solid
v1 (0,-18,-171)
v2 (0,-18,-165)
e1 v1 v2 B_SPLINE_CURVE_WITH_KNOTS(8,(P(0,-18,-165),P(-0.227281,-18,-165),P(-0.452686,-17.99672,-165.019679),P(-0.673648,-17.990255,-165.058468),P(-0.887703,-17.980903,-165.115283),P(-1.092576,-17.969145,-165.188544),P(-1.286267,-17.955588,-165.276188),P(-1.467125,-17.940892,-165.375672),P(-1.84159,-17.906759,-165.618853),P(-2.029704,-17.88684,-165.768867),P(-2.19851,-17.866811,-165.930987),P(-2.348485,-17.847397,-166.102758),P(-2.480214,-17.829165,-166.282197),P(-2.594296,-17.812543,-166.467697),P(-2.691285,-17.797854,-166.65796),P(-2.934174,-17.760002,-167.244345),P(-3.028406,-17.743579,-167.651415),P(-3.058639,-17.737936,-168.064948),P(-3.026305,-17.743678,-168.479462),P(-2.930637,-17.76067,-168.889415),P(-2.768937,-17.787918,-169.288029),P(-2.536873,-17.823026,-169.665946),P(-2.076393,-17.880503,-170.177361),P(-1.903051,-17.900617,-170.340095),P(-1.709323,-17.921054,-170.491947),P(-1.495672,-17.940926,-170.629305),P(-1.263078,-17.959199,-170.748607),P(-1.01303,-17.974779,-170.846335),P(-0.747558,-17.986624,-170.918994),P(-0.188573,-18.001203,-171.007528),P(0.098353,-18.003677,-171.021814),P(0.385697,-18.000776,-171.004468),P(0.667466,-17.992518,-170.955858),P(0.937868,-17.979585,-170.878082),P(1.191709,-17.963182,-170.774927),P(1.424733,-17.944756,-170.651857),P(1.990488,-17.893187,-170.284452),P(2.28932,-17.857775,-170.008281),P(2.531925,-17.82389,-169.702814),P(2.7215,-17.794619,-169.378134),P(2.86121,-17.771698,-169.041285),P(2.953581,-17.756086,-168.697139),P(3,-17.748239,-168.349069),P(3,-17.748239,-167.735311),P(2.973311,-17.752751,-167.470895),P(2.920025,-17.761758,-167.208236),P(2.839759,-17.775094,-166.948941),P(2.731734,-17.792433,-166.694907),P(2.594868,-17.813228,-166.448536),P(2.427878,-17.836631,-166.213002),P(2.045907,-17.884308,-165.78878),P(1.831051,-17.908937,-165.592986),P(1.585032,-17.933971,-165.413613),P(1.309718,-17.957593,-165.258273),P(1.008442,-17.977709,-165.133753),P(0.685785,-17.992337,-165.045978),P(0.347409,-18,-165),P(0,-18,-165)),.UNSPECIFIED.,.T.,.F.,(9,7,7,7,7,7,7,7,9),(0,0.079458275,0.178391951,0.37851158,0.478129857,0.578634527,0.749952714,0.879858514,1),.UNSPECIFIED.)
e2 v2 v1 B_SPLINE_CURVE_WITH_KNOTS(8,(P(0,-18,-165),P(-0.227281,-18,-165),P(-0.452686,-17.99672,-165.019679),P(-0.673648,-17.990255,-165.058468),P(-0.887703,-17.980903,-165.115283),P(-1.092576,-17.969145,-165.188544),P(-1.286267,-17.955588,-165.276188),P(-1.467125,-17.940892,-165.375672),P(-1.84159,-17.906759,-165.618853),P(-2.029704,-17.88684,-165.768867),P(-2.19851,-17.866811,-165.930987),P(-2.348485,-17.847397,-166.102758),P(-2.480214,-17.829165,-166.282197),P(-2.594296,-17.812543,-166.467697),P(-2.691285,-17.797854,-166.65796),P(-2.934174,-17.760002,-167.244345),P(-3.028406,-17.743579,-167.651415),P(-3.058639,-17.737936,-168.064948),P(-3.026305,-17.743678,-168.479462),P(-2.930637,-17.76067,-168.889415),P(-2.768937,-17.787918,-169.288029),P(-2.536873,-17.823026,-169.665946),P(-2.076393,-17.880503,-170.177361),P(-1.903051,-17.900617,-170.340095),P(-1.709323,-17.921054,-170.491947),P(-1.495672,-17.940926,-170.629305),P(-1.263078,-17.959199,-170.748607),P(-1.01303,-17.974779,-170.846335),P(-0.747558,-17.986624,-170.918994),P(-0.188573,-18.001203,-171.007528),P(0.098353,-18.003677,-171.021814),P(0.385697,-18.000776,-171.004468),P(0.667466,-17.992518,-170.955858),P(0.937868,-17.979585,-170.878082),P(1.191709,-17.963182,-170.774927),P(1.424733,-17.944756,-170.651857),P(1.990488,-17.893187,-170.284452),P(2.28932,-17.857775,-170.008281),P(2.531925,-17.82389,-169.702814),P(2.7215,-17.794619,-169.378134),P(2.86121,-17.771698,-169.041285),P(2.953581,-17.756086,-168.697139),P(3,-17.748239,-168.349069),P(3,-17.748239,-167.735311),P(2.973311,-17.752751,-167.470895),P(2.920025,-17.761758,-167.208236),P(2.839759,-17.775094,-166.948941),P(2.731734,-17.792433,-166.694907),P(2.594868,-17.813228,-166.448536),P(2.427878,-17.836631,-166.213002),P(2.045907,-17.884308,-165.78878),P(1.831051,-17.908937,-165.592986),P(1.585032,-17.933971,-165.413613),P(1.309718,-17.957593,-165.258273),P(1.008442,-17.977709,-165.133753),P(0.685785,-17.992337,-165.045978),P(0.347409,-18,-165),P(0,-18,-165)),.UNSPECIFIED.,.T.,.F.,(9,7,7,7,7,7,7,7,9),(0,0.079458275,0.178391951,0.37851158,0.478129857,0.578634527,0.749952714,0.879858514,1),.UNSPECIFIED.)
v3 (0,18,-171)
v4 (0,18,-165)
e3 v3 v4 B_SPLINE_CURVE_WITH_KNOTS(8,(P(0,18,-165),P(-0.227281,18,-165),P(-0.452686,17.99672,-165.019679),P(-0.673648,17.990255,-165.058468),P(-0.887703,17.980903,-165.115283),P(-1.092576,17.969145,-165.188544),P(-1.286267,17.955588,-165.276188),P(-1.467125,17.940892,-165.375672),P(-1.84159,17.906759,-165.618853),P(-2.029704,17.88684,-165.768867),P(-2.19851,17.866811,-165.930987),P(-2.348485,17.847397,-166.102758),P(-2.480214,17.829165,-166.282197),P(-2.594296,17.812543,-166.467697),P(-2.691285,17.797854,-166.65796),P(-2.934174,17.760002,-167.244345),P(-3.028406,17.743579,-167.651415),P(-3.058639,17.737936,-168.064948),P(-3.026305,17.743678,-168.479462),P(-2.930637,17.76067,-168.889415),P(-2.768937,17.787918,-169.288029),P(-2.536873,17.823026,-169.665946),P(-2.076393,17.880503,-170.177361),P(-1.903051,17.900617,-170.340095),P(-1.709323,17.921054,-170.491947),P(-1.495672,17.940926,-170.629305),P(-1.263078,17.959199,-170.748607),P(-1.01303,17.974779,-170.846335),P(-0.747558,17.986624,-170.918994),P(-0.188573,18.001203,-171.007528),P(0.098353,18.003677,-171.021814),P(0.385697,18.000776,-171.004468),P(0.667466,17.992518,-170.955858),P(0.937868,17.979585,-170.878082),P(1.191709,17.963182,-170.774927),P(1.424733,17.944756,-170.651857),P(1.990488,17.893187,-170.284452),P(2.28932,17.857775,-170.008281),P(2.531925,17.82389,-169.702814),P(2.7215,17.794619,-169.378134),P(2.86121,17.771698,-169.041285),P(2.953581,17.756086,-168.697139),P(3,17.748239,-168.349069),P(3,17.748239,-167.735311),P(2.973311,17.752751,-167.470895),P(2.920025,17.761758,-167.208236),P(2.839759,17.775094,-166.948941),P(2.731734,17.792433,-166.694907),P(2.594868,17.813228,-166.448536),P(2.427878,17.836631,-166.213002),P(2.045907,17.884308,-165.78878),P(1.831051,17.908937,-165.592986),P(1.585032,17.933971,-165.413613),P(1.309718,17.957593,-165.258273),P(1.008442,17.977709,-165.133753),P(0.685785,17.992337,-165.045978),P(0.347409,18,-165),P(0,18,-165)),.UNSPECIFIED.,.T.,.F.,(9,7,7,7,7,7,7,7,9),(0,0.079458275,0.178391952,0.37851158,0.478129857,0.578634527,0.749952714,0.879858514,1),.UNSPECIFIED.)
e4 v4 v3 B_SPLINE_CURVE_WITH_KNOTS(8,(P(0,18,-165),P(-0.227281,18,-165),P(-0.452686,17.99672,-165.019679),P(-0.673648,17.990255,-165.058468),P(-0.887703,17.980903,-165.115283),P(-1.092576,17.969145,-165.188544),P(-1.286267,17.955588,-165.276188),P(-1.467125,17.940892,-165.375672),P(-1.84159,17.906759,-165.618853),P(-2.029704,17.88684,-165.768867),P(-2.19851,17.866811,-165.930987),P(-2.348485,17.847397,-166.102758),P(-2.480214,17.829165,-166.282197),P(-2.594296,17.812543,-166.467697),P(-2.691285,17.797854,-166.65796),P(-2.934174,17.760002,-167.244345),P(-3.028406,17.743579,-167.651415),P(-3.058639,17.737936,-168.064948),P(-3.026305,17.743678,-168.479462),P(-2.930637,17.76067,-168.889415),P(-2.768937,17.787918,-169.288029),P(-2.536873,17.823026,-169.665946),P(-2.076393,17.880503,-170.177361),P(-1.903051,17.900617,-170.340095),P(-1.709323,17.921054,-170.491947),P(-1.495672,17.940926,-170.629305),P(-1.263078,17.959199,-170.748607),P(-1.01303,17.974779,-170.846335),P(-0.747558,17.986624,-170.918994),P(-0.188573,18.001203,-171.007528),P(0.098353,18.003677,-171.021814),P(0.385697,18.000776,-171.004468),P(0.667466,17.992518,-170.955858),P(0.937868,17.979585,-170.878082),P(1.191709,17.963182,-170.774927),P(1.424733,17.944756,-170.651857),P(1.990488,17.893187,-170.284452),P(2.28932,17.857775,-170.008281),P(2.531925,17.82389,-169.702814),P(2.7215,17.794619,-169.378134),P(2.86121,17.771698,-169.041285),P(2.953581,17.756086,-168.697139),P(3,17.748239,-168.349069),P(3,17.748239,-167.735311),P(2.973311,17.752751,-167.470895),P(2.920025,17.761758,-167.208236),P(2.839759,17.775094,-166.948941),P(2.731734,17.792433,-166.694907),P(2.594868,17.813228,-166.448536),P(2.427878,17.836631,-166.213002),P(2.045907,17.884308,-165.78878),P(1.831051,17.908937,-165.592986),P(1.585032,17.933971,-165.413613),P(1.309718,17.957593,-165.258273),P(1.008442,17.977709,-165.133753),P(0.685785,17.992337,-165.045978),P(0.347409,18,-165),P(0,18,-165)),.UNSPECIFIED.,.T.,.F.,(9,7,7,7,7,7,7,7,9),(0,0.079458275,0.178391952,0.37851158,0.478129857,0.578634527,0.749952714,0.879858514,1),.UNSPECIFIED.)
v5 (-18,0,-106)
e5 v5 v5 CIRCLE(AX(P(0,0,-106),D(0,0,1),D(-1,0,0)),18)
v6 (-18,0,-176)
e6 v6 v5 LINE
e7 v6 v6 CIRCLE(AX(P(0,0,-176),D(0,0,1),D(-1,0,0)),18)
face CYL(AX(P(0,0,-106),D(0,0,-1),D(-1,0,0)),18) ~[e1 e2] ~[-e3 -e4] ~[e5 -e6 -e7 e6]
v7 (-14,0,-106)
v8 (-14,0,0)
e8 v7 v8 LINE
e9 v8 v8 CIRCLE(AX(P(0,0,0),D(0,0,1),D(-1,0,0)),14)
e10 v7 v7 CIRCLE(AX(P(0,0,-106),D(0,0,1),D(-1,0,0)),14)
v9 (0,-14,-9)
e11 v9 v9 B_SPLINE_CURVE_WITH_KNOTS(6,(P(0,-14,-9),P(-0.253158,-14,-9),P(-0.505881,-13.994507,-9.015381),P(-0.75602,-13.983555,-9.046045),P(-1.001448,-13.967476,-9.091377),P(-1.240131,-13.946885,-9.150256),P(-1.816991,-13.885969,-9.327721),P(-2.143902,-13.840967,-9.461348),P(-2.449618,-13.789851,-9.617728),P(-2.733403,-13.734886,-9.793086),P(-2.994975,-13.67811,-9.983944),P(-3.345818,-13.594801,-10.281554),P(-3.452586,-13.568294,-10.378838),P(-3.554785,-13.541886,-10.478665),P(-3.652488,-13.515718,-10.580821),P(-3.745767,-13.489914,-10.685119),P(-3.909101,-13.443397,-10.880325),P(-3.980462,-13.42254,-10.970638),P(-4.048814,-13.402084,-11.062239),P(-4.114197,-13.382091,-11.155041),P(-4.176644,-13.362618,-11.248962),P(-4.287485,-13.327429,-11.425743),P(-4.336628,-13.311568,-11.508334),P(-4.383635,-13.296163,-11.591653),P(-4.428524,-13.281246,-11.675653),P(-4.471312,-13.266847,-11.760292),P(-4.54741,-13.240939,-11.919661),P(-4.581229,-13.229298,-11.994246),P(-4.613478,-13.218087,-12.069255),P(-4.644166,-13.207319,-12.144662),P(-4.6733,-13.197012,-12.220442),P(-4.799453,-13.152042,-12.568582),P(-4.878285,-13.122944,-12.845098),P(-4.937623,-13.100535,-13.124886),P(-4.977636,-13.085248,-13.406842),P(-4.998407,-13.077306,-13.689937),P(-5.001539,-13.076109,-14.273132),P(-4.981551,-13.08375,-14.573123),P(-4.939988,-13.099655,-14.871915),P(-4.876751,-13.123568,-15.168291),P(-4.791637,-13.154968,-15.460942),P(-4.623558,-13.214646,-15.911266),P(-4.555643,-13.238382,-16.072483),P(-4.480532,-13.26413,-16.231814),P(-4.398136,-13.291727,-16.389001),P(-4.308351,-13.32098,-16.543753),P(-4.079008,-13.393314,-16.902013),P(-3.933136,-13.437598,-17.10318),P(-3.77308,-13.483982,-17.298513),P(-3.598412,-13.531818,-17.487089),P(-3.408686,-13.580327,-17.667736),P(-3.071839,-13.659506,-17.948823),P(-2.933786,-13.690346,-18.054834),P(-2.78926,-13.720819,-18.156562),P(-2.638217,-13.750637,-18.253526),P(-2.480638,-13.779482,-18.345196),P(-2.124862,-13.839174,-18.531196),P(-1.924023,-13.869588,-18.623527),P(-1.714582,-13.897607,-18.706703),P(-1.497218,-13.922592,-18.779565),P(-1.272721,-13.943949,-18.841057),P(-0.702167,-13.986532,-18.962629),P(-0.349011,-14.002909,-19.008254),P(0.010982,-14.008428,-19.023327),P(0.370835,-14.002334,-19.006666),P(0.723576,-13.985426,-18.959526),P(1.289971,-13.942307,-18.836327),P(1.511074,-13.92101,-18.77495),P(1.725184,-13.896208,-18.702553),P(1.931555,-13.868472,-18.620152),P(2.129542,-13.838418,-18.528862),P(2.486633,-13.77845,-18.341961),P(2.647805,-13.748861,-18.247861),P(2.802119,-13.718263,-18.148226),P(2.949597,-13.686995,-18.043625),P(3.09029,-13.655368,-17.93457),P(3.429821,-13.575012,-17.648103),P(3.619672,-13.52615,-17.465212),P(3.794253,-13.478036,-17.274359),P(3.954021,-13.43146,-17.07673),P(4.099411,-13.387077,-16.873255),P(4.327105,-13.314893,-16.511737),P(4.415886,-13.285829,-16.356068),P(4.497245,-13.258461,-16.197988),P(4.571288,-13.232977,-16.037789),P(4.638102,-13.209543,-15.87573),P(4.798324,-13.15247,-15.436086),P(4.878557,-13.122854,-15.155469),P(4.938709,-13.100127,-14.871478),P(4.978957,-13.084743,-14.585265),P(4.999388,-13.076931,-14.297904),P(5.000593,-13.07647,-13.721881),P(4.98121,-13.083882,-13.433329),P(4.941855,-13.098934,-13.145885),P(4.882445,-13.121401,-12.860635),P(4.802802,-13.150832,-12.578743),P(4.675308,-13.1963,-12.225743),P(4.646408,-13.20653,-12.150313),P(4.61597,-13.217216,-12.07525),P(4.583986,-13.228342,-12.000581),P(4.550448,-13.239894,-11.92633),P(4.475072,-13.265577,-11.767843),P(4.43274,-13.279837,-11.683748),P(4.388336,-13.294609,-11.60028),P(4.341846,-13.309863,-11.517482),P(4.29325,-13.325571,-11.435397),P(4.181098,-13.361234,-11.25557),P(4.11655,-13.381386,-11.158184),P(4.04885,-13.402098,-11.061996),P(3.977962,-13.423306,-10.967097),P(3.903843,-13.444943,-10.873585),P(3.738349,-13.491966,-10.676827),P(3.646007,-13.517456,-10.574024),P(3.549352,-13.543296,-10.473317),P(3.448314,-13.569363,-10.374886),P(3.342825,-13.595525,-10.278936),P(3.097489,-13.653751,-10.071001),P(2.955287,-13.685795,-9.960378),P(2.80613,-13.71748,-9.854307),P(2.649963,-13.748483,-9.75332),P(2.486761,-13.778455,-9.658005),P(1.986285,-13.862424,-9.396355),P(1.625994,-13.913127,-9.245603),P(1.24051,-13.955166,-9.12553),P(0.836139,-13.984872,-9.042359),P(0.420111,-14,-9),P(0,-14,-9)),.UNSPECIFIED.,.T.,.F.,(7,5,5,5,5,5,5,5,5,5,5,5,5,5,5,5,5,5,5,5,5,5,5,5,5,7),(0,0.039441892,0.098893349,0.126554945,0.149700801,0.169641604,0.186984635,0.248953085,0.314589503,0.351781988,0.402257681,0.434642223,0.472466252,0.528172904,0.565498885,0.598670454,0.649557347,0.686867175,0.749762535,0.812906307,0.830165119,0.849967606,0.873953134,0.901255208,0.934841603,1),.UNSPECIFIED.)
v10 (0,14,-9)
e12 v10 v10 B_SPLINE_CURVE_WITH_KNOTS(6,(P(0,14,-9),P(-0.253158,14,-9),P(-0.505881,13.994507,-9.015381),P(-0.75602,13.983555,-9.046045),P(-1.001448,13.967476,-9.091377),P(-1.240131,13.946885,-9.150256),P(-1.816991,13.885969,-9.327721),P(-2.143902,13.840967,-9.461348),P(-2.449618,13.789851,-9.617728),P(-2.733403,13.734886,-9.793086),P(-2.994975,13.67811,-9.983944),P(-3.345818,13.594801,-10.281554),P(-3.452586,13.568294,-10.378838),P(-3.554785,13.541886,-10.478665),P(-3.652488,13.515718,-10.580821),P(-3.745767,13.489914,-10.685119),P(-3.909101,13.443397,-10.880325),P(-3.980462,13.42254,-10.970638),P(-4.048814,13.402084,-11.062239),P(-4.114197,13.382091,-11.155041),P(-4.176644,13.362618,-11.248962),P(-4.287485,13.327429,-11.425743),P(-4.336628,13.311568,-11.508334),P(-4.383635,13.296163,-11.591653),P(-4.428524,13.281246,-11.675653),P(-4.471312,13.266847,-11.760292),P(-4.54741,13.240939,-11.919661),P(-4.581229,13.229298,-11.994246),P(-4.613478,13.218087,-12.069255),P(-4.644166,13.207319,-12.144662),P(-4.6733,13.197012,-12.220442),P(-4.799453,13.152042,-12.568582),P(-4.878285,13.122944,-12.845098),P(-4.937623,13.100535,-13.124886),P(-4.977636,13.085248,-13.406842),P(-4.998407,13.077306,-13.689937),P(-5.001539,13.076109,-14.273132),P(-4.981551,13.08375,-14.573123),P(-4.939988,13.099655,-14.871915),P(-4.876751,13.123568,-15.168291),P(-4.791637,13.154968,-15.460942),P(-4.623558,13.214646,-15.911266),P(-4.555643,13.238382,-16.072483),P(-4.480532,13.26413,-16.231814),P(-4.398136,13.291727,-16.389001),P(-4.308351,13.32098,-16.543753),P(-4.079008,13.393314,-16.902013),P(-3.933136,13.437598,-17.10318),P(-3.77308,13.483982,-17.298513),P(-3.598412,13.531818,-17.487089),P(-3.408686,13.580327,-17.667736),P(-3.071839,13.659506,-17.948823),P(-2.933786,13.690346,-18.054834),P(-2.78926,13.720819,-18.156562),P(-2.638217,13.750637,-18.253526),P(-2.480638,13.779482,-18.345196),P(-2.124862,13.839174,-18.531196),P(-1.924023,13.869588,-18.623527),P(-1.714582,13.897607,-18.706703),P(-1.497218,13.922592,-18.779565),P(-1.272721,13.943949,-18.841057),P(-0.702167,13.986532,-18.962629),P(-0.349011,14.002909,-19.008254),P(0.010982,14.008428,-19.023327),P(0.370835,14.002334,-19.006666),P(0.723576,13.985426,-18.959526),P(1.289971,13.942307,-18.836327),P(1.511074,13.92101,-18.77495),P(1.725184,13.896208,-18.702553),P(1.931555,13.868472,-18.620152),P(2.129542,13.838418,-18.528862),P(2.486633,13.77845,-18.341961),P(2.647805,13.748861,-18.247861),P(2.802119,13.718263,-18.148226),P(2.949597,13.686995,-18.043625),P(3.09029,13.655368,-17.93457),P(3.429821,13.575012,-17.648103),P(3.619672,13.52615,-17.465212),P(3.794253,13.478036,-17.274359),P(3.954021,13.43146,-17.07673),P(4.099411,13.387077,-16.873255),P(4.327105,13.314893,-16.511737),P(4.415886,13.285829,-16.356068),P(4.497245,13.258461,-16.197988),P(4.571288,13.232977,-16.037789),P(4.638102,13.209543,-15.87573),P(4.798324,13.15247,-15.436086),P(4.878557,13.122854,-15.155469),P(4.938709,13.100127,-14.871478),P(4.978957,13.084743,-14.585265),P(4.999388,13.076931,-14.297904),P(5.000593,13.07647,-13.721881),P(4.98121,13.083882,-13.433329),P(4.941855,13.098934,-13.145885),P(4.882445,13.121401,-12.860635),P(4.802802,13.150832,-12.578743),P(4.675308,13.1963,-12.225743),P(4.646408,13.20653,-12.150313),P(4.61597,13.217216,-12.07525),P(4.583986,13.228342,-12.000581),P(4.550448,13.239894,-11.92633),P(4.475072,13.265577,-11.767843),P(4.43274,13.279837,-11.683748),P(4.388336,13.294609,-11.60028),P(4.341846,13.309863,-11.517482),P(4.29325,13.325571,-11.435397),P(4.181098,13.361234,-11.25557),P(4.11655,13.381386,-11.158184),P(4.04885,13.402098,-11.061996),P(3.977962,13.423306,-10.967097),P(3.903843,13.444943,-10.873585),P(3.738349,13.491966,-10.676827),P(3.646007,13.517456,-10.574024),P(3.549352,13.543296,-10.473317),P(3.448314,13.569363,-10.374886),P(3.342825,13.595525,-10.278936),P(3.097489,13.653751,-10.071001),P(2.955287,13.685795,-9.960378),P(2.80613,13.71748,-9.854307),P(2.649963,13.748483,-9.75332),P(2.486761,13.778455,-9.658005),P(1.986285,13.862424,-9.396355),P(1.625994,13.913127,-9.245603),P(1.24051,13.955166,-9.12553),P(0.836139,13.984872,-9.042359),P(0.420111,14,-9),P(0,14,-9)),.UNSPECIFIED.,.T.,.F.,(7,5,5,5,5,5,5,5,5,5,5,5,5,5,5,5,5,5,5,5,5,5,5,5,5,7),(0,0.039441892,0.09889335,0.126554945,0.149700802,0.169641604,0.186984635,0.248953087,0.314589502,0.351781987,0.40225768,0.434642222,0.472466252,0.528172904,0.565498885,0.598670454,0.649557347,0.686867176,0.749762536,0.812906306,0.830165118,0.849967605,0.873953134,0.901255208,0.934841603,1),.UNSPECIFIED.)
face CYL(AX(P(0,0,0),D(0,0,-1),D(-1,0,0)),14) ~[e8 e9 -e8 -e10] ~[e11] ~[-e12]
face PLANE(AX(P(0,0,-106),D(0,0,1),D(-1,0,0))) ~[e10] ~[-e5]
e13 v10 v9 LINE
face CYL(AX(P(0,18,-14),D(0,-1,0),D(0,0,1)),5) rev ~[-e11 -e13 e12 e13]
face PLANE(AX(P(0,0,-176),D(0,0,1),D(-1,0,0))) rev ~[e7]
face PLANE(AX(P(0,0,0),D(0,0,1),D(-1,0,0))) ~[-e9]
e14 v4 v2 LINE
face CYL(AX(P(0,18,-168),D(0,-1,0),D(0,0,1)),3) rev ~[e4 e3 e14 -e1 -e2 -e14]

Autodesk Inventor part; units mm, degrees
ref_plane "YZ Plane" through (0, 0, 0) normal (1, 0, 0) x (0, 1, 0)
ref_plane "XY Plane" through (0, 0, 0) normal (0, 0, 1) x (1, 0, 0)
sketch "Skizze1" plane through (0, 0, 0) normal (0, 1, 0) x (-1, 0, 0)
  line L0 (0, 0) -> (14, 0)
  line L1 (14, 0) -> (14, -23)
  line L2 (14, -23) -> (14, -23)
  line L3 (14, -23) -> (14, -33)
  line L4 (14, -33) -> (14, -33)
  line L5 (14, -33) -> (14, -106)
  line L6 (14, -106) -> (18, -106)
  line L7 (18, -106) -> (18, -165)
  line L8 (18, -165) -> (18, -165)
  line L9 (18, -165) -> (18, -171)
  line L10 (18, -171) -> (18, -171)
  line L11 (18, -171) -> (18, -176)
  line L12 (18, -176) -> (0, -176)
  line L13 (0, -176) -> (0, 0)
  point P0 (18, -168)
  point P1 (18, -173.5)
  point P2 (14, -28)
  dimension "d3" = 36
  dimension "d6" = 78
  dimension "d8" = 28
  dimension "d12" = 176
  dimension "d13" = 36
  dimension "d14" = 70
revolve "Umdrehung1" add sketch "Skizze1" angle 360 about axis through (0, 0, -176) along (0, 0, 1)
ref_plane "Arbeitsebene1" through (0, 18, 0) normal (0, 1, 0) x (-1, 0, 0)
sketch "Skizze2" plane through (0, 18, 0) normal (0, 1, 0) x (-1, 0, 0)
  line L0 (18, -106) -> (-18, -106) projected
  line L1 (18, -176) -> (-18, -176) projected
  line L2 (14, 0) -> (-14, 0) projected
  point P0 (0, 0)
  point P1 (0, -168)
  point P2 (0, -176)
  point P3 (0, -14)
  dimension "d16" = 8
  dimension "d17" = 14
hole "Bohrung1" at (0, 18, -168) direction (0, -1, 0) diameter 6 end through all
hole "Bohrung2" at (0, 18, -14) direction (0, -1, 0) diameter 10 end through all
properties part number "18"
